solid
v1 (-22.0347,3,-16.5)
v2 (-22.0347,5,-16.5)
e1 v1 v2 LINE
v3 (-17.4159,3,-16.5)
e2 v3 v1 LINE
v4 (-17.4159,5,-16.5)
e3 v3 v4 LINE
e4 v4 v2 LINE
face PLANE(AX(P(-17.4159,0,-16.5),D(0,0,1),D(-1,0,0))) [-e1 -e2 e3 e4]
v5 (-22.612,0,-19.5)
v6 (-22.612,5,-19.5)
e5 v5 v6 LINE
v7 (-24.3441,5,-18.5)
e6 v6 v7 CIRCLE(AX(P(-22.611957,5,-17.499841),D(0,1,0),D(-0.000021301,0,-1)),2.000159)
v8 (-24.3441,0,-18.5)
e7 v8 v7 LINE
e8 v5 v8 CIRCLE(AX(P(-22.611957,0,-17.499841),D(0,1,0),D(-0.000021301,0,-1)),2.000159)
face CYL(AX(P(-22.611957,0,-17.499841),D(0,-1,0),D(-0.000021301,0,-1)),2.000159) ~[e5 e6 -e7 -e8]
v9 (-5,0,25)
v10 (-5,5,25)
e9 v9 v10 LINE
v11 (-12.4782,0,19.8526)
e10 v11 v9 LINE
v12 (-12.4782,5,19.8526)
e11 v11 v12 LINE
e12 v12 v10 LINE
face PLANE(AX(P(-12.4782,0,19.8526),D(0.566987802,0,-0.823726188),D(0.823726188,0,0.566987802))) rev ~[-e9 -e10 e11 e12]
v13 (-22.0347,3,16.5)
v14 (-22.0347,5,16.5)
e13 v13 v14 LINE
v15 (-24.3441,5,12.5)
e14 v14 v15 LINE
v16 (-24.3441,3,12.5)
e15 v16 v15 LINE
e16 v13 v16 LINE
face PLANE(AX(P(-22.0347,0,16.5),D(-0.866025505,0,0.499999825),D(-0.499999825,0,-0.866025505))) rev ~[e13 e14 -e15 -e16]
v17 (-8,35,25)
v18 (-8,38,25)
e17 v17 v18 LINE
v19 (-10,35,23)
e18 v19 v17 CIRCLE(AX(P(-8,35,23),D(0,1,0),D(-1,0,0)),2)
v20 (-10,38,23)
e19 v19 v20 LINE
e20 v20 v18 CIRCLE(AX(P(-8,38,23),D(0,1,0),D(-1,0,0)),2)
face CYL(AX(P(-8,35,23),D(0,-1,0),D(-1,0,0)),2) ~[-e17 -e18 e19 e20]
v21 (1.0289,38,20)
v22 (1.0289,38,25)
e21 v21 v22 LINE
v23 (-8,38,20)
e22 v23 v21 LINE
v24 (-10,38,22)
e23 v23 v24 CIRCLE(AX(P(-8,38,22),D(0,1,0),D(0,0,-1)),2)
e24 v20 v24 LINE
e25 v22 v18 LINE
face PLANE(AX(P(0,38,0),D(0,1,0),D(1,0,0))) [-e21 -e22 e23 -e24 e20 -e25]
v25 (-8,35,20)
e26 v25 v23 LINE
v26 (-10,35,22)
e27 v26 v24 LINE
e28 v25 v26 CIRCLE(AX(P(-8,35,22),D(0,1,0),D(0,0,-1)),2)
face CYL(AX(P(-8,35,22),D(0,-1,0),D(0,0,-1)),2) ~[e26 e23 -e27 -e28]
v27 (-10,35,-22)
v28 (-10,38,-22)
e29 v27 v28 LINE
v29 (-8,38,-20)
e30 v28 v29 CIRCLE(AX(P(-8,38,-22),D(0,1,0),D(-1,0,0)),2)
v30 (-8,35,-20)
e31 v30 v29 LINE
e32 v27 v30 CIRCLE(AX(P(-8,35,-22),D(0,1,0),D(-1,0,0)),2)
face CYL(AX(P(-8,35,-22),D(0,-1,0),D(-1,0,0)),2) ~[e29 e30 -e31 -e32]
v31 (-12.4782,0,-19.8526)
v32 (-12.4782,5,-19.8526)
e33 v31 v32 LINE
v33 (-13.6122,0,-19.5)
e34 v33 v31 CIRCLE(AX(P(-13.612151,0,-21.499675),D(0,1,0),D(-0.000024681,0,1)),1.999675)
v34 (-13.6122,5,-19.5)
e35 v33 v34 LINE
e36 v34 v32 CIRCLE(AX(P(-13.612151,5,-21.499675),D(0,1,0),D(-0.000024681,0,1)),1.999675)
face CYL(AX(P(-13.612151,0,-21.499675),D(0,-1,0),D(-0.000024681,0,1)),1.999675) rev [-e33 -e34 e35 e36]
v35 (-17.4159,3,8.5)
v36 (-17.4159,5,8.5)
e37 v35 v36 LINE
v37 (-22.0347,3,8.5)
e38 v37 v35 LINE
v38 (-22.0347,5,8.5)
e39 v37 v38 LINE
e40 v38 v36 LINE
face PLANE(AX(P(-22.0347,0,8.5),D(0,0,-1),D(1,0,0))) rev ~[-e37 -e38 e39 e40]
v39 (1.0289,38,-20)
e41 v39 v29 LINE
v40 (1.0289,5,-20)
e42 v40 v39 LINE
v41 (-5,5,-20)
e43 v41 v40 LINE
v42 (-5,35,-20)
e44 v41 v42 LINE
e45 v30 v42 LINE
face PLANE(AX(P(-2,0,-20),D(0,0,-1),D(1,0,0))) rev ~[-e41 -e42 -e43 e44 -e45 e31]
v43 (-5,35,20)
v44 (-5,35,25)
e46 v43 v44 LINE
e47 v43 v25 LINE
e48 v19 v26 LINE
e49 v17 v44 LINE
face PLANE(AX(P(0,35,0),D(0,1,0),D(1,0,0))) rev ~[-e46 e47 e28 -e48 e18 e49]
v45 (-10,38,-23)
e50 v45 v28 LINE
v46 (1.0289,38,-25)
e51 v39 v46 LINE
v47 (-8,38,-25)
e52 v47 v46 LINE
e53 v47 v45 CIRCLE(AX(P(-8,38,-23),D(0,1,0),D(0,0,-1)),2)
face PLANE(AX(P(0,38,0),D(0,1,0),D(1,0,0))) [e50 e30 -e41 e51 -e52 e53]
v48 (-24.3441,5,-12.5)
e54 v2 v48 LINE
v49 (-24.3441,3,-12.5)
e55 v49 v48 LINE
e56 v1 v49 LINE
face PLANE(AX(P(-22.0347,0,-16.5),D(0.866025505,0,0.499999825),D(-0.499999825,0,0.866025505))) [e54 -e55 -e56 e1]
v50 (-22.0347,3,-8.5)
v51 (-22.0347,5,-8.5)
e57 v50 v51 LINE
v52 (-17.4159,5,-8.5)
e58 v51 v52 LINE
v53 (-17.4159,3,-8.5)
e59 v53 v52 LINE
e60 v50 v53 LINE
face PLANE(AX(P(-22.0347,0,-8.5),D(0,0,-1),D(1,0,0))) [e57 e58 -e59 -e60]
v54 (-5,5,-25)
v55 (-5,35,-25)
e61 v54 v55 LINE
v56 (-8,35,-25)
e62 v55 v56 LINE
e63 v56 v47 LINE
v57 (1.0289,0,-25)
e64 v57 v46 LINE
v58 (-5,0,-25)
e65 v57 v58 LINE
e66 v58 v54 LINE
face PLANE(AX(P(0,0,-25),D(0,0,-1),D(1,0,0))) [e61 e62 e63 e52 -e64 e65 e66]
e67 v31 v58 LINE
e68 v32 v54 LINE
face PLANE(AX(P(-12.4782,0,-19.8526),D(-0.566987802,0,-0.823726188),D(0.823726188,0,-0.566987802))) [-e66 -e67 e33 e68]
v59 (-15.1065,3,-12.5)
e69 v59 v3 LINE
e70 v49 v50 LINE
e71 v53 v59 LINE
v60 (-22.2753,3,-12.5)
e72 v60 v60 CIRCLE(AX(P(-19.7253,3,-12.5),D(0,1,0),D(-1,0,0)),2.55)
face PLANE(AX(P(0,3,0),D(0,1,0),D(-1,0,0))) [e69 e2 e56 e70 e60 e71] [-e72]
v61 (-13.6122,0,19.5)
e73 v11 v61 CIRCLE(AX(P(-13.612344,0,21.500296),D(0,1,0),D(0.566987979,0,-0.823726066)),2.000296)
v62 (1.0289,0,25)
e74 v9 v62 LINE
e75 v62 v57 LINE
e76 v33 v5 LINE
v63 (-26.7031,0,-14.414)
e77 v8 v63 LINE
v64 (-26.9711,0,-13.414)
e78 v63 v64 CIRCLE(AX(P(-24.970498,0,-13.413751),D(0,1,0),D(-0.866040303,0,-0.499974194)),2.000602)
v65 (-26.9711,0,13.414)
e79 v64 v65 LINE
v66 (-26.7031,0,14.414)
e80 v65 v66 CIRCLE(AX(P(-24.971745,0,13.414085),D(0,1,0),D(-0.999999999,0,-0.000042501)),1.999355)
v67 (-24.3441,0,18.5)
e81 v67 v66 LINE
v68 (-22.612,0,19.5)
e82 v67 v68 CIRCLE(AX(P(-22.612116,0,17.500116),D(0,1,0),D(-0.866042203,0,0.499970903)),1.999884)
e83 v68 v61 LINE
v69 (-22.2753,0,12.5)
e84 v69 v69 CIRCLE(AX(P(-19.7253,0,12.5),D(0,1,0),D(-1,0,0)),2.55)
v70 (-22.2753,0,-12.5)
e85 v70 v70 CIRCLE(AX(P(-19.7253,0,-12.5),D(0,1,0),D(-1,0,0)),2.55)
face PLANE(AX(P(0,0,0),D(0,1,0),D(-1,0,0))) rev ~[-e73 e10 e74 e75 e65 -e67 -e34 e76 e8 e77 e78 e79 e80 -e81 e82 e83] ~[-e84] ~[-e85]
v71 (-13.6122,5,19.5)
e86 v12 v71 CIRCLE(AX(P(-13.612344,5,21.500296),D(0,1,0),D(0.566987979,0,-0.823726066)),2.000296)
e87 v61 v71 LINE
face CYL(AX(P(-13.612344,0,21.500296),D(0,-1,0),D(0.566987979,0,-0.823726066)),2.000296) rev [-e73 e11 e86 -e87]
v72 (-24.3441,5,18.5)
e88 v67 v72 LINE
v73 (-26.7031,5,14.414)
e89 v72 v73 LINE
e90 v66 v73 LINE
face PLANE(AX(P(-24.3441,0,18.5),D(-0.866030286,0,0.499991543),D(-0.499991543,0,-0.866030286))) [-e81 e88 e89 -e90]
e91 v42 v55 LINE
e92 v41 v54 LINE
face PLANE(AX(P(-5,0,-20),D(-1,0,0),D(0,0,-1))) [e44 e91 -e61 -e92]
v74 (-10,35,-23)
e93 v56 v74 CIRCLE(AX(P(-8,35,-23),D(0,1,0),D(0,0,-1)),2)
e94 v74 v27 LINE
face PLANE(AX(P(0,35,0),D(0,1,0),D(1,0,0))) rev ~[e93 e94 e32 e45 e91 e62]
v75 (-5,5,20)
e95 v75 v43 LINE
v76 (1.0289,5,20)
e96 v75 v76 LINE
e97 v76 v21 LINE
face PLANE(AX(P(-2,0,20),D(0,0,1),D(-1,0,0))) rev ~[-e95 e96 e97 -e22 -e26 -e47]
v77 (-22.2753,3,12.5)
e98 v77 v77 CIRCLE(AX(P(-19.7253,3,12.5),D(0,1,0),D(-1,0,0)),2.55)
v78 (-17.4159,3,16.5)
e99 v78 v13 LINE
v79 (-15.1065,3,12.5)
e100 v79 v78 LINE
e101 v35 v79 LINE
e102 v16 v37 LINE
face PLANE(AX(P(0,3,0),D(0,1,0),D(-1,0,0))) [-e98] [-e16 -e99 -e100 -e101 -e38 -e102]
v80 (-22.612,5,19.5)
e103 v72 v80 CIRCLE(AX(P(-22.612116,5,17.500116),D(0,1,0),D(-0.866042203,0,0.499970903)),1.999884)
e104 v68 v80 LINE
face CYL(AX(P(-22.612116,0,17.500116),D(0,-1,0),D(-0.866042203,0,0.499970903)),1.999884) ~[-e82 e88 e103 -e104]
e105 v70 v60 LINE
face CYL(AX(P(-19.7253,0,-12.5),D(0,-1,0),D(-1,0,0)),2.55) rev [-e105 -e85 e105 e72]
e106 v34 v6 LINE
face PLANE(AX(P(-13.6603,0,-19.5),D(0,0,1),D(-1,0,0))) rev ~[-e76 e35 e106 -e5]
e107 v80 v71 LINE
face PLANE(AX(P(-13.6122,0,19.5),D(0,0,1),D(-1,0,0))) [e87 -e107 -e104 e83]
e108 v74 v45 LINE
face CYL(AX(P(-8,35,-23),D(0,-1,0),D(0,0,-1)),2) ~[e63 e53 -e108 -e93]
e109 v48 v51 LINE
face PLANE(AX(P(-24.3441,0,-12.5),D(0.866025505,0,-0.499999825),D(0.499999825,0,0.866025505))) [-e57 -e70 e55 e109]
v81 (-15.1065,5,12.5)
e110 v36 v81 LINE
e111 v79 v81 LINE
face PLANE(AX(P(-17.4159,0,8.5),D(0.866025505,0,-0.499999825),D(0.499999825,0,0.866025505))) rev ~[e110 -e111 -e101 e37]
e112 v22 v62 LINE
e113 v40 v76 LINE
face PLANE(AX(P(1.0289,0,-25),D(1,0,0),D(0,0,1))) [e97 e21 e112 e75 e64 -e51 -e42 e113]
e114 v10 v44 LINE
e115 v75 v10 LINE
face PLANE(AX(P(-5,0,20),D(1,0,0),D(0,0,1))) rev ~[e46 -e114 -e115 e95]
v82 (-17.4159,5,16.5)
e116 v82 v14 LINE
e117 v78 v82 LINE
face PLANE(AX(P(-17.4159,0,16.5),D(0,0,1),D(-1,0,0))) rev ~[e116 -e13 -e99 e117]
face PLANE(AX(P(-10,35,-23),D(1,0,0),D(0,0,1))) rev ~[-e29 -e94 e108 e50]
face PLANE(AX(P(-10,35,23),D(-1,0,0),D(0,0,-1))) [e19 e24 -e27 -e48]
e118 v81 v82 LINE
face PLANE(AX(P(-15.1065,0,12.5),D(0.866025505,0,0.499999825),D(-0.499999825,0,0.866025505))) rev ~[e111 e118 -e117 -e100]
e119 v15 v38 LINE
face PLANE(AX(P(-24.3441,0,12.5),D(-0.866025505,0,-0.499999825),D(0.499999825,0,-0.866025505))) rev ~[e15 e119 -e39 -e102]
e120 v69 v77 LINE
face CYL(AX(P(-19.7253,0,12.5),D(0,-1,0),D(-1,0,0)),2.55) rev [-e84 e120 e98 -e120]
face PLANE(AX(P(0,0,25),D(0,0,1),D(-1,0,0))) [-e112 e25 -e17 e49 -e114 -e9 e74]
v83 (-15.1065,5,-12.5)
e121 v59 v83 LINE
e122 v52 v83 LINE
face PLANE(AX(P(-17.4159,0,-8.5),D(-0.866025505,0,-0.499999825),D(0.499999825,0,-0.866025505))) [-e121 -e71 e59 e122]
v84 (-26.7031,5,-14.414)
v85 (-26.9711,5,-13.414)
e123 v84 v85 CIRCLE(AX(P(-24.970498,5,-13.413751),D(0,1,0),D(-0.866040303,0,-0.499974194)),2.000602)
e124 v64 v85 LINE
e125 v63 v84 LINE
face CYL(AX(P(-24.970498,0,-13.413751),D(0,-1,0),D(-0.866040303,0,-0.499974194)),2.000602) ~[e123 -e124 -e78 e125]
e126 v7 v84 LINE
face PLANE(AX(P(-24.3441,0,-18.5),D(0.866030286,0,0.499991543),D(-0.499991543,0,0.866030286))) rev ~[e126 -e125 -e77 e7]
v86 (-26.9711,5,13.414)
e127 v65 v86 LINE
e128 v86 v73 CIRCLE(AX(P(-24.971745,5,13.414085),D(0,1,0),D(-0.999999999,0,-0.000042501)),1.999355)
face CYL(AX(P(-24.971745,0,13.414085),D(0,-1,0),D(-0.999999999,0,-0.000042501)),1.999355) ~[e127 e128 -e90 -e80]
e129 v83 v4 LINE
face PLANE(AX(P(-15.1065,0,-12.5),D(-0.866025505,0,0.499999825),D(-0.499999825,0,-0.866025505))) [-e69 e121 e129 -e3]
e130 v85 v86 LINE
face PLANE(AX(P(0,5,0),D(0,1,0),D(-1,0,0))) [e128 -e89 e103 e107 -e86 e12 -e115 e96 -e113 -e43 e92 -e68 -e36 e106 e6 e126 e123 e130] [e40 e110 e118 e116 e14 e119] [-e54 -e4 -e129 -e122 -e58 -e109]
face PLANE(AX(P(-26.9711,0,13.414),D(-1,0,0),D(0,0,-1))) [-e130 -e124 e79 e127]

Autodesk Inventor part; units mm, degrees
ref_plane "YZ Plane" through (0, 0, 0) normal (1, 0, 0) x (0, 1, 0)
ref_plane "XZ Plane" through (0, 0, 0) normal (0, 1, 0) x (-1, 0, 0)
ref_plane "XY Plane" through (0, 0, 0) normal (0, 0, 1) x (1, 0, 0)
sketch "Sketch2" plane through (0, 0, 0) normal (0, 1, 0) x (-1, 0, 0)
  line L0 (15.1065, 12.5) -> (17.4159, 16.5)
  line L1 (17.4159, 16.5) -> (22.0347, 16.5)
  line L2 (22.0347, 16.5) -> (24.3441, 12.5)
  line L3 (24.3441, 12.5) -> (22.0347, 8.5)
  line L4 (22.0347, 8.5) -> (17.4159, 8.5)
  line L5 (17.4159, 8.5) -> (15.1065, 12.5)
  circle A0 centre (19.7253, 12.5) radius 2.55
  line L6 (13.6122, 19.5) -> (22.612, 19.5)
  line L7 (24.3441, 18.5) -> (26.7031, 14.414)
  line L8 (26.9711, 13.414) -> (26.9711, 0.8204)
  line L9 (13.6122, 19.5) -> (13.6603, 19.5)
  line L10 (0, 0) -> (8.2774, 0) construction
  line L11 (15.1065, -12.5) -> (17.4159, -16.5)
  line L12 (17.4159, -16.5) -> (22.0347, -16.5)
  line L13 (22.0347, -16.5) -> (24.3441, -12.5)
  line L14 (24.3441, -12.5) -> (22.0347, -8.5)
  line L15 (22.0347, -8.5) -> (17.4159, -8.5)
  line L16 (17.4159, -8.5) -> (15.1065, -12.5)
  circle A1 centre (19.7253, -12.5) radius 2.55
  line L17 (13.6603, -19.5) -> (22.612, -19.5)
  line L18 (24.3441, -18.5) -> (26.7031, -14.414)
  line L19 (26.9711, -13.414) -> (26.9711, -0.8204)
  line L20 (13.6122, -19.5) -> (13.6603, -19.5)
  line L21 (0, 25) -> (5, 25)
  line L22 (26.9711, 0.8204) -> (26.9711, -0.8204)
  line L23 (2, 20) -> (5, 20)
  line L24 (5, 20) -> (5, 25)
  line L25 (12.4782, 19.8526) -> (5, 25)
  arc A2 (12.4782, 19.8526) -> (13.6122, 19.5) centre (13.6122, 21.5) ccw
  arc A3 (24.3441, 18.5) -> (22.612, 19.5) centre (22.612, 17.5) ccw
  arc A4 (26.9711, 13.414) -> (26.7031, 14.414) centre (24.9711, 13.414) ccw
  line L26 (0, -25) -> (5, -25)
  line L27 (2, -20) -> (5, -20)
  line L28 (5, -20) -> (5, -25)
  line L29 (12.4782, -19.8526) -> (5, -25)
  arc A5 (13.6122, -19.5) -> (12.4782, -19.8526) centre (13.6122, -21.5) ccw
  arc A6 (22.612, -19.5) -> (24.3441, -18.5) centre (22.612, -17.5) ccw
  arc A7 (26.7031, -14.414) -> (26.9711, -13.414) centre (24.9711, -13.414) ccw
  line L30 (0, -25) -> (-1.0289, -25)
  line L31 (-1.0289, -25) -> (-1.0289, 25)
  line L32 (-1.0289, 25) -> (0, 25)
  line L33 (2, 20) -> (-1.0289, 20)
  line L34 (2, -20) -> (-1.0289, -20)
  point P0 (3, 23.2679)
  point P1 (19.7253, 8.5)
  point P2 (19.7253, 16.5)
  point P3 (23.7667, 19.5)
  point P4 (26.9711, 13.9499)
  point P5 (23.1894, 14.5)
  point P6 (12.9904, 19.5)
  point P7 (19.7253, -8.5)
  point P8 (19.7253, -16.5)
  point P9 (23.7667, -19.5)
  point P10 (26.9711, -13.9499)
  point P11 (23.1894, -14.5)
  point P12 (12.9904, -19.5)
  point P13 (25.239, 0.1796)
  point P14 (25.239, -0.1796)
  dimension "d18" = 8
  dimension "d19" = 5.1
  dimension "d21" = 3
  dimension "d22" = 3
  dimension "d27" = 25
  dimension "d33" = 5
  dimension "d34" = 2
  dimension "d35" = 2
  dimension "d36" = 2
  dimension "d37" = 2
  dimension "d48" = 28
extrude "Extrusion2" add sketch "Sketch2" along normal blind 35 contours L24 L23 L33 L31 L32 L21
extrude "Extrusion4" add sketch "Sketch2" along normal blind 3 contours L0 L1 L2 L3 L4 L5 | L16 L15 L14 L13 L12 L11
extrude "Extrusion6" add sketch "Sketch2" along normal blind 5 contours L6 A3 L7 A4 L8 L22 L19 A7 L18 A6 L17 L20 A5 L29 L28 L27 L34 L31 L33 L23 L24 L25 A2
extrude "Extrusion7" add sketch "Sketch2" along normal blind 35 contours L34 L27 L28 L26 L30 L31
sketch "Sketch4" plane through (0, 35, 0) normal (0, 1, 0) x (1, 0, 0)
  line L0 (-5, -25) -> (1.0289, -25) projected
  line L1 (0, -25) -> (-8, -25)
  line L2 (-10, -23) -> (-10, -22)
  line L3 (-8, -20) -> (0, -20)
  line L4 (0, 0) -> (-6.9228, 0) construction
  line L5 (0, 25) -> (-8, 25)
  line L6 (-10, 23) -> (-10, 22)
  line L7 (-8, 20) -> (0, 20)
  arc A0 (-10, -23) -> (-8, -25) centre (-8, -23) ccw
  arc A1 (-8, -20) -> (-10, -22) centre (-8, -22) ccw
  arc A2 (-10, 22) -> (-8, 20) centre (-8, 22) ccw
  arc A3 (-8, 25) -> (-10, 23) centre (-8, 23) ccw
  line L8 (1.0289, -20) -> (-5, -20) projected
  line L9 (0, -20) -> (1.0289, -20)
  line L10 (1.0289, -20) -> (1.0289, -25)
  line L11 (0, -25) -> (1.0289, -25)
  line L12 (-5, 20) -> (1.0289, 20) projected
  line L13 (0, 20) -> (1.0289, 20)
  line L14 (1.0289, 20) -> (1.0289, 25)
  line L15 (1.0289, 25) -> (0, 25)
  point P0 (-10, -20)
  point P1 (-10, -25)
  point P2 (-10, 20)
  point P3 (-10, 25)
  dimension "d42" = 10
  dimension "d43" = 5
  dimension "d44" = 2
extrude "Extrusion8" add sketch "Sketch4" along normal blind 3
properties part number "soporte_pinzas"
